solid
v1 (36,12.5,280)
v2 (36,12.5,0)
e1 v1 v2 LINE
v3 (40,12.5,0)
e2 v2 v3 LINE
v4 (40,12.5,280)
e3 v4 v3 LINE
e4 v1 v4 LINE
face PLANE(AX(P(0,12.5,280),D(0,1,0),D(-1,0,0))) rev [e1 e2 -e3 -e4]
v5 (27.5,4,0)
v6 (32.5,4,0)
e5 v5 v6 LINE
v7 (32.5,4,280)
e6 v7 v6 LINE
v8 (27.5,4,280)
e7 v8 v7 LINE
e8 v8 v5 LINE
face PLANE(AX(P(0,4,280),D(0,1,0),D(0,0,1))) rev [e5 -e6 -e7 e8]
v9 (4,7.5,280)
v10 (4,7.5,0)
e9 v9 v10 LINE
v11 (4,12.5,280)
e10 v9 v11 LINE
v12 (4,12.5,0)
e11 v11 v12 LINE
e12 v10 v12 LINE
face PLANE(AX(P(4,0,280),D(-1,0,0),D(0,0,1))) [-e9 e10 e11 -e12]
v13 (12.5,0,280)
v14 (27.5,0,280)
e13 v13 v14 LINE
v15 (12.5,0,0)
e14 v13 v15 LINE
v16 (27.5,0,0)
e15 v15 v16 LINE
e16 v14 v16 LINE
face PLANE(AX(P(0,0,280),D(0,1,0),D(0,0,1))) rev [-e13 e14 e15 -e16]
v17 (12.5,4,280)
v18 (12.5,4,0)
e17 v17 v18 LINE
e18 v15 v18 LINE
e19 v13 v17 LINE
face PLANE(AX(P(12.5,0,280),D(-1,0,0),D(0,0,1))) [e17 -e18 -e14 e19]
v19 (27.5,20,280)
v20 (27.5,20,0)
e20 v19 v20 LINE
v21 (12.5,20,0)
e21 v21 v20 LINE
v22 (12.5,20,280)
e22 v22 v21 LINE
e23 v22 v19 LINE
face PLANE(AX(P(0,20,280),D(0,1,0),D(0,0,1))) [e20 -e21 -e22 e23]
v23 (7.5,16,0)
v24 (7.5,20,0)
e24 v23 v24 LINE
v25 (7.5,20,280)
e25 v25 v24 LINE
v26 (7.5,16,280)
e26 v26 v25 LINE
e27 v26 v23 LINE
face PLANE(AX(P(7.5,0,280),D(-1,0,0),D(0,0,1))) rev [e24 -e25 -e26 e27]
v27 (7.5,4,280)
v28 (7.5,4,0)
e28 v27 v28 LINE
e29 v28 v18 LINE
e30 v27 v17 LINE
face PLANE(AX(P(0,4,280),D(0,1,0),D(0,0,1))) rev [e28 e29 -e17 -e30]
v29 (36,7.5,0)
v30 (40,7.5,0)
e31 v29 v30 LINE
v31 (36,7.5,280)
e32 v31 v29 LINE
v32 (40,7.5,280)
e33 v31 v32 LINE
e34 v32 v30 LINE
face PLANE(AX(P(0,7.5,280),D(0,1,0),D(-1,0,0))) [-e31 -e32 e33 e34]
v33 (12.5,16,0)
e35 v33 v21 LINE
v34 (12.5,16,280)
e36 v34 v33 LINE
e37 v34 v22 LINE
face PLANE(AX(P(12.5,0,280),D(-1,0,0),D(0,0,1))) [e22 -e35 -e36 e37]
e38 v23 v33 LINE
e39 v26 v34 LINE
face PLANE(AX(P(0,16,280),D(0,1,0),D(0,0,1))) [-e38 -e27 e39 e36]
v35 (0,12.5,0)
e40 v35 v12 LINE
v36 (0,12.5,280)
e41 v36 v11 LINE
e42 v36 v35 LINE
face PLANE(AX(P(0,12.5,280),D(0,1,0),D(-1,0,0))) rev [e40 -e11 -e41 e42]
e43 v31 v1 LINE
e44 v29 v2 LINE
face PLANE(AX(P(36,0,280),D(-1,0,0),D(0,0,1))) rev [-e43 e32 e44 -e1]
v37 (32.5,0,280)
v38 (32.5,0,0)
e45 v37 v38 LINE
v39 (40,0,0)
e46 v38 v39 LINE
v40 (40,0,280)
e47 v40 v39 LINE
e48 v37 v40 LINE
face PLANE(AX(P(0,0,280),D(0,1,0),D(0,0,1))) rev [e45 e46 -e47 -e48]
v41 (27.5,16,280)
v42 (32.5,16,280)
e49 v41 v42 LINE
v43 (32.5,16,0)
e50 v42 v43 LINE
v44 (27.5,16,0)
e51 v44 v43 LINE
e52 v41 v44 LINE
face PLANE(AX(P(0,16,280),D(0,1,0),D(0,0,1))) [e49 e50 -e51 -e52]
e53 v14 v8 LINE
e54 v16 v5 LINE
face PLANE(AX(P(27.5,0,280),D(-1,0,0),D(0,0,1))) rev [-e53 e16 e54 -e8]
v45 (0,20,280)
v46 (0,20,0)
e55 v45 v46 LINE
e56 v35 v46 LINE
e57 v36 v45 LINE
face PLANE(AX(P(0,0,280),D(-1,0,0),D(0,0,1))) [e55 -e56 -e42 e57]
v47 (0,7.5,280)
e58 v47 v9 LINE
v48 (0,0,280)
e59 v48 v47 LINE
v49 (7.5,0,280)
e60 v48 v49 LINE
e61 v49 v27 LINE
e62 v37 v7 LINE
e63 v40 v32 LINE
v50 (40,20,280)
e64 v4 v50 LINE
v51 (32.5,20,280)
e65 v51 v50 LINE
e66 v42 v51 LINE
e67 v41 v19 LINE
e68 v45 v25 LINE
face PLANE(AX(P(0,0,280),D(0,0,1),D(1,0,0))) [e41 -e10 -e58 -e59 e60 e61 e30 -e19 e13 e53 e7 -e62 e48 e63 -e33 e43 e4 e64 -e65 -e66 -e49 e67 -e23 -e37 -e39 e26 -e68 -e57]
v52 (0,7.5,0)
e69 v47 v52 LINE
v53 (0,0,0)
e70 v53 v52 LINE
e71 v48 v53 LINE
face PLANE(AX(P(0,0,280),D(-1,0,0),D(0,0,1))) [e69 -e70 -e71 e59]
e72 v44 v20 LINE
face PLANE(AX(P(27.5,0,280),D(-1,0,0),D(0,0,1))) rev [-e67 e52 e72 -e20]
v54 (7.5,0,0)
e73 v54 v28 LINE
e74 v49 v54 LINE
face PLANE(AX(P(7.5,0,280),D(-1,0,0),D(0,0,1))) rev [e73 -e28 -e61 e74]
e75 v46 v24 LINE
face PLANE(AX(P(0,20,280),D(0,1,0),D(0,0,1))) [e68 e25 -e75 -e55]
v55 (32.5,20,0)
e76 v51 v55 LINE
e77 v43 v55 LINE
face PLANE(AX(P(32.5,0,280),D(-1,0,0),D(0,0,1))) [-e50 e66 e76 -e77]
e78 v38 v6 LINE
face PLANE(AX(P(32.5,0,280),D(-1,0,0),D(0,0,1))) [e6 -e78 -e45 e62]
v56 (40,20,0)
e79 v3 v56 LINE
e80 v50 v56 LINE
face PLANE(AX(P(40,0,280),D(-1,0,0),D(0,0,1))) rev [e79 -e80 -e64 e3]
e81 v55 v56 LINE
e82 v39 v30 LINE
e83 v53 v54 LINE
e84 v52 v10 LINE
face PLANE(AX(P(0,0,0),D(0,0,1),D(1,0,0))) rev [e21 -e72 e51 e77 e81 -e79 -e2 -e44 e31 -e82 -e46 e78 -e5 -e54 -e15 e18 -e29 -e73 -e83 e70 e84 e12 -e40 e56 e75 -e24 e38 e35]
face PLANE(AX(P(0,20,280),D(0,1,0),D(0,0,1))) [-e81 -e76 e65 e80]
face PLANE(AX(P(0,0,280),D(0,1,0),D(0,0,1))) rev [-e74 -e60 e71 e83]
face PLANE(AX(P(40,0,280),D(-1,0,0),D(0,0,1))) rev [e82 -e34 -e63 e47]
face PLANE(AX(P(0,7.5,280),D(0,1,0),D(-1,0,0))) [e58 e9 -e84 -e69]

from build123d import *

# Parameters (mm, degrees)
ESQUISSE1_W        = 3.5
ESQUISSE1_H        = 5
ESQUISSE1_W_2      = 5
ESQUISSE1_H_2      = 3.5
ESQUISSE1_W_3      = 4
BOSS_EXTRU_1_DEPTH = 280


with BuildPart() as part:
    # Esquisse1 → Boss.-Extru.1 (new body)
    with BuildSketch(Plane.XY):
        Polygon((7.5, 16), (7.5, 20), (0, 20), (4, 16), align=None)
        Polygon((4, 16), (0, 20), (0, 12.5), (4, 12.5), align=None)
        Polygon((4, 7.5), (0, 7.5), (0, 0), (4, 4), align=None)
        Polygon((0, 0), (7.5, 0), (7.5, 4), (4, 4), align=None)
        Polygon((4, 4), (7.5, 7.5), (4, 7.5), align=None)
        Polygon((7.5, 4), (7.5, 7.5), (4, 4), align=None)
        Polygon((4, 12.5), (7.5, 12.5), (4, 16), align=None)
        Polygon((7.5, 12.5), (7.5, 16), (4, 16), align=None)
        with Locations((5.75, 10)):
            Rectangle(ESQUISSE1_W, ESQUISSE1_H)
        Polygon((7.5, 7.5), (10, 10), (7.5, 12.5), align=None)
        Polygon((10, 10), (12.5, 12.5), (7.5, 12.5), align=None)
        Polygon((12.5, 7.5), (12.5, 12.5), (10, 10), align=None)
        Polygon((12.5, 7.5), (10, 10), (7.5, 7.5), align=None)
        Polygon((16, 4), (12.5, 7.5), (12.5, 4), align=None)
        Polygon((16, 4), (16, 7.5), (12.5, 7.5), align=None)
        Polygon((20, 0), (20, 7.5), (16, 7.5), (16, 4), align=None)
        with Locations((10, 14.25)):
            Rectangle(ESQUISSE1_W_2, ESQUISSE1_H_2)
        with Locations((14.25, 10)):
            Rectangle(ESQUISSE1_W, ESQUISSE1_H)
        Polygon((12.5, 12.5), (16, 16), (12.5, 16), align=None)
        Polygon((16, 16), (20, 20), (12.5, 20), (12.5, 16), align=None)
        Polygon((16, 12.5), (16, 16), (12.5, 12.5), align=None)
        Polygon((20, 12.5), (20, 20), (16, 16), (16, 12.5), align=None)
        Polygon((12.5, 0), (20, 0), (16, 4), (12.5, 4), align=None)
        with Locations((10, 5.75)):
            Rectangle(ESQUISSE1_W_2, ESQUISSE1_H_2)
        with Locations((18, 10)):
            Rectangle(ESQUISSE1_W_3, ESQUISSE1_H)
        with Locations((22, 10)):
            Rectangle(ESQUISSE1_W_3, ESQUISSE1_H)
        Polygon((24, 16), (20, 20), (20, 12.5), (24, 12.5), align=None)
        Polygon((27.5, 20), (20, 20), (24, 16), (27.5, 16), align=None)
        Polygon((27.5, 12.5), (24, 16), (24, 12.5), align=None)
        Polygon((27.5, 16), (24, 16), (27.5, 12.5), align=None)
        with Locations((25.75, 10)):
            Rectangle(ESQUISSE1_W, ESQUISSE1_H)
        Polygon((27.5, 7.5), (24, 7.5), (24, 4), align=None)
        Polygon((24, 7.5), (20, 7.5), (20, 0), (24, 4), align=None)
        Polygon((24, 4), (20, 0), (27.5, 0), (27.5, 4), align=None)
        Polygon((27.5, 4), (27.5, 7.5), (24, 4), align=None)
        with Locations((30, 5.75)):
            Rectangle(ESQUISSE1_W_2, ESQUISSE1_H_2)
        Polygon((36, 4), (32.5, 7.5), (32.5, 4), align=None)
        Polygon((36, 7.5), (32.5, 7.5), (36, 4), align=None)
        Polygon((40, 0), (40, 7.5), (36, 7.5), (36, 4), align=None)
        Polygon((32.5, 4), (32.5, 0), (40, 0), (36, 4), align=None)
        with Locations((34.25, 10)):
            Rectangle(ESQUISSE1_W, ESQUISSE1_H)
        Polygon((32.5, 12.5), (30, 10), (32.5, 7.5), align=None)
        Polygon((32.5, 7.5), (30, 10), (27.5, 7.5), align=None)
        Polygon((30, 10), (27.5, 12.5), (27.5, 7.5), align=None)
        Polygon((32.5, 12.5), (27.5, 12.5), (30, 10), align=None)
        Polygon((36, 16), (32.5, 12.5), (36, 12.5), align=None)
        Polygon((36, 16), (32.5, 16), (32.5, 12.5), align=None)
        Polygon((40, 20), (32.5, 20), (32.5, 16), (36, 16), align=None)
        Polygon((40, 12.5), (40, 20), (36, 16), (36, 12.5), align=None)
        with Locations((30, 14.25)):
            Rectangle(ESQUISSE1_W_2, ESQUISSE1_H_2)
    extrude(amount=BOSS_EXTRU_1_DEPTH)


solid = part.part
